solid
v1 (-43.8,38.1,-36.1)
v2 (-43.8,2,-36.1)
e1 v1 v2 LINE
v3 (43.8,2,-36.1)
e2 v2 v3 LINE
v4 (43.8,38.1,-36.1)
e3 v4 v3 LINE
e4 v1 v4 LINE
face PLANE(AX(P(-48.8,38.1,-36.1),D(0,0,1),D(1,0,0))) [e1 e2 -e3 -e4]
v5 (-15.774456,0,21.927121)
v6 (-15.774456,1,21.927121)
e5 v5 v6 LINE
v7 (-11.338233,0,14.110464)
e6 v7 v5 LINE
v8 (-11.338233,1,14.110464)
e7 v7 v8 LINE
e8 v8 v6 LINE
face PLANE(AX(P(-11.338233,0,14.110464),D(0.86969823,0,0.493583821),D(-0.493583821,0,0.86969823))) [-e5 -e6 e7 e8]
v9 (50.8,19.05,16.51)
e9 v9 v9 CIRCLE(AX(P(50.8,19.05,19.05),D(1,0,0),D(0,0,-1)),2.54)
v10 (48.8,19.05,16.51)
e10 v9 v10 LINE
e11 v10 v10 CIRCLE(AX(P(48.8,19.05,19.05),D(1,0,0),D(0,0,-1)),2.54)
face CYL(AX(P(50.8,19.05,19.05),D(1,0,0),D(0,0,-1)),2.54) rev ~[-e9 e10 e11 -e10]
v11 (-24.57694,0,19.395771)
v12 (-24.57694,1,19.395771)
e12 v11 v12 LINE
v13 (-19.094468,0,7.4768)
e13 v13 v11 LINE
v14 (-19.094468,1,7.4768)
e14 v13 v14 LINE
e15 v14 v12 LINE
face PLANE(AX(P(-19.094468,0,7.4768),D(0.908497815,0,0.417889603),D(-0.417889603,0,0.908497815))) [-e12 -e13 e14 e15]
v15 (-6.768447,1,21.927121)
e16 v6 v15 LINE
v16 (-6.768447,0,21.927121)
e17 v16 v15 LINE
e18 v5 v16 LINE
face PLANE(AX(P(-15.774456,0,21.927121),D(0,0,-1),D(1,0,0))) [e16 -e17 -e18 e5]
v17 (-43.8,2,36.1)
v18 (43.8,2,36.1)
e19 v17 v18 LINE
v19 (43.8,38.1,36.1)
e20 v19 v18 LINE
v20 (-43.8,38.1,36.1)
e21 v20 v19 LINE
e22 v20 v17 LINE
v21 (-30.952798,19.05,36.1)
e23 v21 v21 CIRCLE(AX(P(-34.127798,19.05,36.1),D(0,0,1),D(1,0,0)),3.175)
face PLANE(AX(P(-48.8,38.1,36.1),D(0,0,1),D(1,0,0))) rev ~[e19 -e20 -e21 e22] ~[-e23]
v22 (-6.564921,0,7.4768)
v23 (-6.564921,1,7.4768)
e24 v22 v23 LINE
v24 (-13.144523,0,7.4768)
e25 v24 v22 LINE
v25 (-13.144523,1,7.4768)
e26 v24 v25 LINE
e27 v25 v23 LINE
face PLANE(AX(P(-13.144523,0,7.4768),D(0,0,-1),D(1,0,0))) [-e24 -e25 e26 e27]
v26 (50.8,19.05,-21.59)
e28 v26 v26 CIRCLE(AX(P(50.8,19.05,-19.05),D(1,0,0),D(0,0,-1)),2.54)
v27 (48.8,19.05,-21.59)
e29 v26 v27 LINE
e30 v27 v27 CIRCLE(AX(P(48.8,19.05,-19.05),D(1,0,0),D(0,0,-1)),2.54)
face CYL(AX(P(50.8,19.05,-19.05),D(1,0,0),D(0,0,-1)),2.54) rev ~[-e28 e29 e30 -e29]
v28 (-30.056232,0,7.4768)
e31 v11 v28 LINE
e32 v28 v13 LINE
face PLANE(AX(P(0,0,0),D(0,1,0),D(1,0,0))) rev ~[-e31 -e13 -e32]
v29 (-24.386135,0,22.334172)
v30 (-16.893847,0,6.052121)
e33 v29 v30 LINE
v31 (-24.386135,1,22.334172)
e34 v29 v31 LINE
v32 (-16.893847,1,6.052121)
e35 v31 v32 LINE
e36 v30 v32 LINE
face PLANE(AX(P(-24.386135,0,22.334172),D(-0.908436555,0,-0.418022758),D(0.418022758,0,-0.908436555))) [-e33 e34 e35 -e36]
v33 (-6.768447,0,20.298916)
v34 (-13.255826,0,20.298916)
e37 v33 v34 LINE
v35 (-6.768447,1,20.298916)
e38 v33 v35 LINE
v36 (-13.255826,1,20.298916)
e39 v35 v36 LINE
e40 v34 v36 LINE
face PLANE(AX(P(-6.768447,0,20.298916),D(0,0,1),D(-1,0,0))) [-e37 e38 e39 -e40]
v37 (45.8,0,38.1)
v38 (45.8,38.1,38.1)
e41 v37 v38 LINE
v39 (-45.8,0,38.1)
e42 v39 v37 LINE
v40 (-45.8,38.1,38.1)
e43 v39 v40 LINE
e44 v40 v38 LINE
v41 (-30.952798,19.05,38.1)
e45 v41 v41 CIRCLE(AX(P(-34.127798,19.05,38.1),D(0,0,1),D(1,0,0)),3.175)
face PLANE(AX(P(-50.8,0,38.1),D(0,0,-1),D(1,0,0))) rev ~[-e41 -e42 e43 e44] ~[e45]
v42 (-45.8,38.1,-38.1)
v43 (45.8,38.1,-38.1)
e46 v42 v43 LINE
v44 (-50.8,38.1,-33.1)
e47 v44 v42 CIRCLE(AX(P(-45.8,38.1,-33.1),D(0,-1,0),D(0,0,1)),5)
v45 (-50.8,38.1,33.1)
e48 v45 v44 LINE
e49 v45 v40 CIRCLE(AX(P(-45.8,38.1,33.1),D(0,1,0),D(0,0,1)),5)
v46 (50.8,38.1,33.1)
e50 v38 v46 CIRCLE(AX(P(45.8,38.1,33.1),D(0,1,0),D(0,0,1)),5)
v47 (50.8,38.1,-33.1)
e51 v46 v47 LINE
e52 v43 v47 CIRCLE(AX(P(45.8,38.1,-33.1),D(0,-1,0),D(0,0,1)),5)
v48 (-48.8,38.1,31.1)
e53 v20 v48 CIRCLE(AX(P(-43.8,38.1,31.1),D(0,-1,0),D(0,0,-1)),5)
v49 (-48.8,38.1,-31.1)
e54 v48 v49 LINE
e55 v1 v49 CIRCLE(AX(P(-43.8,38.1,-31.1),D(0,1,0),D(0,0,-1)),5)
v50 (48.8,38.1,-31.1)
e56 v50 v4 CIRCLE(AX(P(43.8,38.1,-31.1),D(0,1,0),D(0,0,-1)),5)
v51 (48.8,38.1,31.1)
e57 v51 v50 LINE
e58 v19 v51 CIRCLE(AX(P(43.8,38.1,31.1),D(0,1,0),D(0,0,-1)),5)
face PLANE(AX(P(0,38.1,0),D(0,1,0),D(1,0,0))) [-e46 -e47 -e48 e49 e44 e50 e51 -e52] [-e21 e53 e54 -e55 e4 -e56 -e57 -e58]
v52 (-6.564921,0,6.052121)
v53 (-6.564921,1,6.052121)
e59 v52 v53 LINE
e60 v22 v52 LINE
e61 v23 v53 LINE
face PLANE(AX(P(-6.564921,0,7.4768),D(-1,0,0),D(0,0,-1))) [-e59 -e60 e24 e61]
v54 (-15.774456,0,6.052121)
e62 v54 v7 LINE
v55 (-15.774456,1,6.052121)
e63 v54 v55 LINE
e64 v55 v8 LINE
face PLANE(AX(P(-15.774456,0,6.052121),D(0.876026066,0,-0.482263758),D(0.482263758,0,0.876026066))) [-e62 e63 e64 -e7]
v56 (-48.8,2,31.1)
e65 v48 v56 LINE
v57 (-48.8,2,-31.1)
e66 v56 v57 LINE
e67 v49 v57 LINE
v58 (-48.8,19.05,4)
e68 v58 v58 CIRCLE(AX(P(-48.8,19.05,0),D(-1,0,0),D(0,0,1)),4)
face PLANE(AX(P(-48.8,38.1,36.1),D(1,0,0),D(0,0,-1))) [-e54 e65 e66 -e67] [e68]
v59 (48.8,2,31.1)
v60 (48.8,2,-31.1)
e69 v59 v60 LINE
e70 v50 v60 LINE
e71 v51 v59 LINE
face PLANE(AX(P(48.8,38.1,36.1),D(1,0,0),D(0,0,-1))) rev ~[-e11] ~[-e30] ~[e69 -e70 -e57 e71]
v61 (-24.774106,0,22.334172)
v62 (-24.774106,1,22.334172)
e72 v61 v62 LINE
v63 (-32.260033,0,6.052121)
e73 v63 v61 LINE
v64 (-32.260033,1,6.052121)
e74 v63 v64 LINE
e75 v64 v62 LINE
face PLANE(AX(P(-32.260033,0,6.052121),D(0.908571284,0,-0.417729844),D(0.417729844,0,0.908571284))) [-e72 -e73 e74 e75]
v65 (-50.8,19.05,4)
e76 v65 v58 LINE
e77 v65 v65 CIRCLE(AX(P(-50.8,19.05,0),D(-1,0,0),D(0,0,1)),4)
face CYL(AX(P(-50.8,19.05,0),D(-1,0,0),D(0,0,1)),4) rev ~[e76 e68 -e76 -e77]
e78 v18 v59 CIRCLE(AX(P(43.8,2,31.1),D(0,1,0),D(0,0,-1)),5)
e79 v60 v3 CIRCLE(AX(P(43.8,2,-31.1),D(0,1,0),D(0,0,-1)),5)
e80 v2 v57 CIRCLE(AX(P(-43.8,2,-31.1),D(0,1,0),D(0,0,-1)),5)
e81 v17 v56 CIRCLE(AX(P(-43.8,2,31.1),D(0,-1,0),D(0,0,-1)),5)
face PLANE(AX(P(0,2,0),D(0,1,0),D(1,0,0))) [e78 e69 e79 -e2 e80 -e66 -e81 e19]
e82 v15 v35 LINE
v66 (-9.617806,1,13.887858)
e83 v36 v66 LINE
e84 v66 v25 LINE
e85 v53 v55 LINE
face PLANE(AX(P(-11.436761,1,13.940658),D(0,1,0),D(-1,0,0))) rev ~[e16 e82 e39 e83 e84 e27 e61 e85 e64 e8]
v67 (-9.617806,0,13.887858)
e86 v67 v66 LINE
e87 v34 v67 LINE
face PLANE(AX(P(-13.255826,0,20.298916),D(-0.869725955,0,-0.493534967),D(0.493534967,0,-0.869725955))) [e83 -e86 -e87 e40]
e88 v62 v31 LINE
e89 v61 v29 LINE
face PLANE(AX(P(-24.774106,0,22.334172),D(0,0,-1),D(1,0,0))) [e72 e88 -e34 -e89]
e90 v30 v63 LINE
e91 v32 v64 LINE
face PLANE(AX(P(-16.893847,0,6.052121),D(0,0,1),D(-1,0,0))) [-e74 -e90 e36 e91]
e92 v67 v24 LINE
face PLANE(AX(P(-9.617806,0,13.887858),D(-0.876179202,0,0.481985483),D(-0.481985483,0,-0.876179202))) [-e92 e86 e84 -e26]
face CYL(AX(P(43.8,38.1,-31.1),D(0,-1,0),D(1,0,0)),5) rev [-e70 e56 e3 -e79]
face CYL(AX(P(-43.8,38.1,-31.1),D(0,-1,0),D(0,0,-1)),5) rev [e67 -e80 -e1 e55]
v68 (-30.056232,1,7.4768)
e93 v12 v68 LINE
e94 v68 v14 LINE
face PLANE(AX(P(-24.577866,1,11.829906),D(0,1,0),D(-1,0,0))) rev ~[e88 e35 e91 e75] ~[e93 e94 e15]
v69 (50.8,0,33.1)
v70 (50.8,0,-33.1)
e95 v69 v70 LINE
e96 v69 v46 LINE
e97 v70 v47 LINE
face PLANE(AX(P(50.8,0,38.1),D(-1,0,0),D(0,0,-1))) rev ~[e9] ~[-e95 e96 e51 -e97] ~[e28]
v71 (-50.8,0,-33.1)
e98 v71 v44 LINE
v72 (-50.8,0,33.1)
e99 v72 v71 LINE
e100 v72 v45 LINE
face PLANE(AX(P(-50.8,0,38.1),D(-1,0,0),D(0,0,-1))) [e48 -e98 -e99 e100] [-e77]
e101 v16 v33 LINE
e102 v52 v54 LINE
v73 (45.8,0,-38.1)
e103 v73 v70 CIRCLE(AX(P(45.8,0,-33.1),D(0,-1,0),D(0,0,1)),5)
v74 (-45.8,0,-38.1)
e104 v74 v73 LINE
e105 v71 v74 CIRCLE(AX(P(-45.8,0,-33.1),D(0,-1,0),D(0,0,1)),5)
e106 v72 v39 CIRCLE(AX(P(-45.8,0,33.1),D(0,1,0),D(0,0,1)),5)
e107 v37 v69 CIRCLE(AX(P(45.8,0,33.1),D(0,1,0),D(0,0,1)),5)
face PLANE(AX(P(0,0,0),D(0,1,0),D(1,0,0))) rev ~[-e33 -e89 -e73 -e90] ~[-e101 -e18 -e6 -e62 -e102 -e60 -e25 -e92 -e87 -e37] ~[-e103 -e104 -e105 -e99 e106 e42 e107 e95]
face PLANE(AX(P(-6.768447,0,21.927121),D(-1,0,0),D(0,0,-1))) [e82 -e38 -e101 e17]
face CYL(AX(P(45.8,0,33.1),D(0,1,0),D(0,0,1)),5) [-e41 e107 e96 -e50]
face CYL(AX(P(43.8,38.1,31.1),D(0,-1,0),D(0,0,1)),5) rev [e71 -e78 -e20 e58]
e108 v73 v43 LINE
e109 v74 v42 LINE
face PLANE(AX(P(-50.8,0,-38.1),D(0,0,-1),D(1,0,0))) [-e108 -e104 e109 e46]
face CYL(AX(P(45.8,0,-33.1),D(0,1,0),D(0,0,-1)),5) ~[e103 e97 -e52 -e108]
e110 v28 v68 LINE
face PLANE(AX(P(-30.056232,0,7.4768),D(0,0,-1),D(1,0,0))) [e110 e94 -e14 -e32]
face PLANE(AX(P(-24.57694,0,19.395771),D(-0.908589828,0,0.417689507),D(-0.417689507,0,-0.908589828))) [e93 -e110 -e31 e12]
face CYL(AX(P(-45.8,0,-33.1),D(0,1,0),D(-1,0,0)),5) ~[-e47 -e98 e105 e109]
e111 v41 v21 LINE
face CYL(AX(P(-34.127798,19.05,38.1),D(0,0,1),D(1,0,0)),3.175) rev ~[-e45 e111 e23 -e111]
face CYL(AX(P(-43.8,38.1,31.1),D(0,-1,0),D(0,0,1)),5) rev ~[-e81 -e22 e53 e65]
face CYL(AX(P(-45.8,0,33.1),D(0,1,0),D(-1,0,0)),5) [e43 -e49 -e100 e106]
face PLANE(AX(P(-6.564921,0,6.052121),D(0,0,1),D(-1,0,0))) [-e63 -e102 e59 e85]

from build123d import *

# Parameters (mm, degrees)
SKETCH1_W           = 101.6
SKETCH1_H           = 76.2
BOSS_EXTRUDE1_DEPTH = 38.1
SKETCH3_W           = 97.6
SKETCH3_H           = 72.2
CUT_EXTRUDE1_DEPTH  = 36.1
SKETCH7_R           = 2.54
CUT_EXTRUDE2_DEPTH  = 2
SKETCH9_R           = 4
CUT_EXTRUDE3_DEPTH  = 2
SKETCH11_R          = 3.175
CUT_EXTRUDE4_DEPTH  = 2
FILLET1_R           = 5
FILLET2_R           = 5
CUT_EXTRUDE5_DEPTH  = 1


with BuildPart() as part:
    # Sketch1 → Boss-Extrude1 (new body)
    with BuildSketch(Plane(origin=(0, 0, 0), x_dir=(1, 0, 0), z_dir=(0, 1, 0))):
        Rectangle(SKETCH1_W, SKETCH1_H)
    extrude(amount=BOSS_EXTRUDE1_DEPTH)

    # Sketch3 → Cut-Extrude1 (cut)
    with BuildSketch(Plane(origin=(0, 38.1, 0), x_dir=(1, 0, 0), z_dir=(0, 1, 0))):
        Rectangle(SKETCH3_W, SKETCH3_H)
    extrude(amount=-CUT_EXTRUDE1_DEPTH, mode=Mode.SUBTRACT)

    # Sketch7 → Cut-Extrude2 (cut)
    with BuildSketch(Plane(origin=(50.8, 0, 0), x_dir=(0, 0, -1), z_dir=(1, 0, 0))):
        with Locations((-19.05, 19.05)):
            Circle(SKETCH7_R)
        with Locations((19.05, 19.05)):
            Circle(SKETCH7_R)
    extrude(amount=-CUT_EXTRUDE2_DEPTH, mode=Mode.SUBTRACT)

    # Sketch9 → Cut-Extrude3 (cut)
    with BuildSketch(Plane.ZY.offset(50.8)):
        with Locations((0, 19.05)):
            Circle(SKETCH9_R)
    extrude(amount=-CUT_EXTRUDE3_DEPTH, mode=Mode.SUBTRACT)

    # Sketch11 → Cut-Extrude4 (cut)
    with BuildSketch(Plane.XY.offset(38.1)):
        with Locations((-34.127797524, 19.05)):
            Circle(SKETCH11_R)
    extrude(amount=-CUT_EXTRUDE4_DEPTH, mode=Mode.SUBTRACT)

    # Fillet1
    fillet1_edges = [part.edges().sort_by_distance(p)[0] for p in [
        (50.8, 19.05, 38.1),
        (-50.8, 19.05, 38.1),
        (-50.8, 19.05, -38.1),
        (50.8, 19.05, -38.1),
    ]]
    fillet(fillet1_edges, radius=FILLET1_R)

    # Fillet2
    fillet2_edges = [part.edges().sort_by_distance(p)[0] for p in [
        (48.8, 20.05, 36.1),
        (-48.8, 20.05, 36.1),
        (-48.8, 20.05, -36.1),
        (48.8, 20.05, -36.1),
    ]]
    fillet(fillet2_edges, radius=FILLET2_R)

    # Sketch12 → Cut-Extrude5 (cut)
    # profile 1 of 2: a face of its own
    with BuildSketch(Plane.XZ):
        Polygon((-16.893847177, 6.052120704), (-32.260033074, 6.052120704), (-24.77410559, 22.334171986), (-24.386134837, 22.334171986), align=None)
        Polygon((-19.09446817, 7.476800191), (-24.576940125, 19.395770544), (-30.056231992, 7.476800191), align=None, mode=Mode.SUBTRACT)
    # profile 2 of 2: a face of its own
    with BuildSketch(Plane.XZ):
        Polygon((-6.564920895, 6.052120704), (-15.774456151, 6.052120704), (-11.338233194, 14.110464053), (-15.774456151, 21.927120704), (-6.768446536, 21.927120704), (-6.768446536, 20.298915576), (-13.255826343, 20.298915576), (-9.61780551, 13.887857884), (-13.144523258, 7.476800191), (-6.564920895, 7.476800191), align=None)
    extrude(amount=-CUT_EXTRUDE5_DEPTH, mode=Mode.SUBTRACT)


solid = part.part
